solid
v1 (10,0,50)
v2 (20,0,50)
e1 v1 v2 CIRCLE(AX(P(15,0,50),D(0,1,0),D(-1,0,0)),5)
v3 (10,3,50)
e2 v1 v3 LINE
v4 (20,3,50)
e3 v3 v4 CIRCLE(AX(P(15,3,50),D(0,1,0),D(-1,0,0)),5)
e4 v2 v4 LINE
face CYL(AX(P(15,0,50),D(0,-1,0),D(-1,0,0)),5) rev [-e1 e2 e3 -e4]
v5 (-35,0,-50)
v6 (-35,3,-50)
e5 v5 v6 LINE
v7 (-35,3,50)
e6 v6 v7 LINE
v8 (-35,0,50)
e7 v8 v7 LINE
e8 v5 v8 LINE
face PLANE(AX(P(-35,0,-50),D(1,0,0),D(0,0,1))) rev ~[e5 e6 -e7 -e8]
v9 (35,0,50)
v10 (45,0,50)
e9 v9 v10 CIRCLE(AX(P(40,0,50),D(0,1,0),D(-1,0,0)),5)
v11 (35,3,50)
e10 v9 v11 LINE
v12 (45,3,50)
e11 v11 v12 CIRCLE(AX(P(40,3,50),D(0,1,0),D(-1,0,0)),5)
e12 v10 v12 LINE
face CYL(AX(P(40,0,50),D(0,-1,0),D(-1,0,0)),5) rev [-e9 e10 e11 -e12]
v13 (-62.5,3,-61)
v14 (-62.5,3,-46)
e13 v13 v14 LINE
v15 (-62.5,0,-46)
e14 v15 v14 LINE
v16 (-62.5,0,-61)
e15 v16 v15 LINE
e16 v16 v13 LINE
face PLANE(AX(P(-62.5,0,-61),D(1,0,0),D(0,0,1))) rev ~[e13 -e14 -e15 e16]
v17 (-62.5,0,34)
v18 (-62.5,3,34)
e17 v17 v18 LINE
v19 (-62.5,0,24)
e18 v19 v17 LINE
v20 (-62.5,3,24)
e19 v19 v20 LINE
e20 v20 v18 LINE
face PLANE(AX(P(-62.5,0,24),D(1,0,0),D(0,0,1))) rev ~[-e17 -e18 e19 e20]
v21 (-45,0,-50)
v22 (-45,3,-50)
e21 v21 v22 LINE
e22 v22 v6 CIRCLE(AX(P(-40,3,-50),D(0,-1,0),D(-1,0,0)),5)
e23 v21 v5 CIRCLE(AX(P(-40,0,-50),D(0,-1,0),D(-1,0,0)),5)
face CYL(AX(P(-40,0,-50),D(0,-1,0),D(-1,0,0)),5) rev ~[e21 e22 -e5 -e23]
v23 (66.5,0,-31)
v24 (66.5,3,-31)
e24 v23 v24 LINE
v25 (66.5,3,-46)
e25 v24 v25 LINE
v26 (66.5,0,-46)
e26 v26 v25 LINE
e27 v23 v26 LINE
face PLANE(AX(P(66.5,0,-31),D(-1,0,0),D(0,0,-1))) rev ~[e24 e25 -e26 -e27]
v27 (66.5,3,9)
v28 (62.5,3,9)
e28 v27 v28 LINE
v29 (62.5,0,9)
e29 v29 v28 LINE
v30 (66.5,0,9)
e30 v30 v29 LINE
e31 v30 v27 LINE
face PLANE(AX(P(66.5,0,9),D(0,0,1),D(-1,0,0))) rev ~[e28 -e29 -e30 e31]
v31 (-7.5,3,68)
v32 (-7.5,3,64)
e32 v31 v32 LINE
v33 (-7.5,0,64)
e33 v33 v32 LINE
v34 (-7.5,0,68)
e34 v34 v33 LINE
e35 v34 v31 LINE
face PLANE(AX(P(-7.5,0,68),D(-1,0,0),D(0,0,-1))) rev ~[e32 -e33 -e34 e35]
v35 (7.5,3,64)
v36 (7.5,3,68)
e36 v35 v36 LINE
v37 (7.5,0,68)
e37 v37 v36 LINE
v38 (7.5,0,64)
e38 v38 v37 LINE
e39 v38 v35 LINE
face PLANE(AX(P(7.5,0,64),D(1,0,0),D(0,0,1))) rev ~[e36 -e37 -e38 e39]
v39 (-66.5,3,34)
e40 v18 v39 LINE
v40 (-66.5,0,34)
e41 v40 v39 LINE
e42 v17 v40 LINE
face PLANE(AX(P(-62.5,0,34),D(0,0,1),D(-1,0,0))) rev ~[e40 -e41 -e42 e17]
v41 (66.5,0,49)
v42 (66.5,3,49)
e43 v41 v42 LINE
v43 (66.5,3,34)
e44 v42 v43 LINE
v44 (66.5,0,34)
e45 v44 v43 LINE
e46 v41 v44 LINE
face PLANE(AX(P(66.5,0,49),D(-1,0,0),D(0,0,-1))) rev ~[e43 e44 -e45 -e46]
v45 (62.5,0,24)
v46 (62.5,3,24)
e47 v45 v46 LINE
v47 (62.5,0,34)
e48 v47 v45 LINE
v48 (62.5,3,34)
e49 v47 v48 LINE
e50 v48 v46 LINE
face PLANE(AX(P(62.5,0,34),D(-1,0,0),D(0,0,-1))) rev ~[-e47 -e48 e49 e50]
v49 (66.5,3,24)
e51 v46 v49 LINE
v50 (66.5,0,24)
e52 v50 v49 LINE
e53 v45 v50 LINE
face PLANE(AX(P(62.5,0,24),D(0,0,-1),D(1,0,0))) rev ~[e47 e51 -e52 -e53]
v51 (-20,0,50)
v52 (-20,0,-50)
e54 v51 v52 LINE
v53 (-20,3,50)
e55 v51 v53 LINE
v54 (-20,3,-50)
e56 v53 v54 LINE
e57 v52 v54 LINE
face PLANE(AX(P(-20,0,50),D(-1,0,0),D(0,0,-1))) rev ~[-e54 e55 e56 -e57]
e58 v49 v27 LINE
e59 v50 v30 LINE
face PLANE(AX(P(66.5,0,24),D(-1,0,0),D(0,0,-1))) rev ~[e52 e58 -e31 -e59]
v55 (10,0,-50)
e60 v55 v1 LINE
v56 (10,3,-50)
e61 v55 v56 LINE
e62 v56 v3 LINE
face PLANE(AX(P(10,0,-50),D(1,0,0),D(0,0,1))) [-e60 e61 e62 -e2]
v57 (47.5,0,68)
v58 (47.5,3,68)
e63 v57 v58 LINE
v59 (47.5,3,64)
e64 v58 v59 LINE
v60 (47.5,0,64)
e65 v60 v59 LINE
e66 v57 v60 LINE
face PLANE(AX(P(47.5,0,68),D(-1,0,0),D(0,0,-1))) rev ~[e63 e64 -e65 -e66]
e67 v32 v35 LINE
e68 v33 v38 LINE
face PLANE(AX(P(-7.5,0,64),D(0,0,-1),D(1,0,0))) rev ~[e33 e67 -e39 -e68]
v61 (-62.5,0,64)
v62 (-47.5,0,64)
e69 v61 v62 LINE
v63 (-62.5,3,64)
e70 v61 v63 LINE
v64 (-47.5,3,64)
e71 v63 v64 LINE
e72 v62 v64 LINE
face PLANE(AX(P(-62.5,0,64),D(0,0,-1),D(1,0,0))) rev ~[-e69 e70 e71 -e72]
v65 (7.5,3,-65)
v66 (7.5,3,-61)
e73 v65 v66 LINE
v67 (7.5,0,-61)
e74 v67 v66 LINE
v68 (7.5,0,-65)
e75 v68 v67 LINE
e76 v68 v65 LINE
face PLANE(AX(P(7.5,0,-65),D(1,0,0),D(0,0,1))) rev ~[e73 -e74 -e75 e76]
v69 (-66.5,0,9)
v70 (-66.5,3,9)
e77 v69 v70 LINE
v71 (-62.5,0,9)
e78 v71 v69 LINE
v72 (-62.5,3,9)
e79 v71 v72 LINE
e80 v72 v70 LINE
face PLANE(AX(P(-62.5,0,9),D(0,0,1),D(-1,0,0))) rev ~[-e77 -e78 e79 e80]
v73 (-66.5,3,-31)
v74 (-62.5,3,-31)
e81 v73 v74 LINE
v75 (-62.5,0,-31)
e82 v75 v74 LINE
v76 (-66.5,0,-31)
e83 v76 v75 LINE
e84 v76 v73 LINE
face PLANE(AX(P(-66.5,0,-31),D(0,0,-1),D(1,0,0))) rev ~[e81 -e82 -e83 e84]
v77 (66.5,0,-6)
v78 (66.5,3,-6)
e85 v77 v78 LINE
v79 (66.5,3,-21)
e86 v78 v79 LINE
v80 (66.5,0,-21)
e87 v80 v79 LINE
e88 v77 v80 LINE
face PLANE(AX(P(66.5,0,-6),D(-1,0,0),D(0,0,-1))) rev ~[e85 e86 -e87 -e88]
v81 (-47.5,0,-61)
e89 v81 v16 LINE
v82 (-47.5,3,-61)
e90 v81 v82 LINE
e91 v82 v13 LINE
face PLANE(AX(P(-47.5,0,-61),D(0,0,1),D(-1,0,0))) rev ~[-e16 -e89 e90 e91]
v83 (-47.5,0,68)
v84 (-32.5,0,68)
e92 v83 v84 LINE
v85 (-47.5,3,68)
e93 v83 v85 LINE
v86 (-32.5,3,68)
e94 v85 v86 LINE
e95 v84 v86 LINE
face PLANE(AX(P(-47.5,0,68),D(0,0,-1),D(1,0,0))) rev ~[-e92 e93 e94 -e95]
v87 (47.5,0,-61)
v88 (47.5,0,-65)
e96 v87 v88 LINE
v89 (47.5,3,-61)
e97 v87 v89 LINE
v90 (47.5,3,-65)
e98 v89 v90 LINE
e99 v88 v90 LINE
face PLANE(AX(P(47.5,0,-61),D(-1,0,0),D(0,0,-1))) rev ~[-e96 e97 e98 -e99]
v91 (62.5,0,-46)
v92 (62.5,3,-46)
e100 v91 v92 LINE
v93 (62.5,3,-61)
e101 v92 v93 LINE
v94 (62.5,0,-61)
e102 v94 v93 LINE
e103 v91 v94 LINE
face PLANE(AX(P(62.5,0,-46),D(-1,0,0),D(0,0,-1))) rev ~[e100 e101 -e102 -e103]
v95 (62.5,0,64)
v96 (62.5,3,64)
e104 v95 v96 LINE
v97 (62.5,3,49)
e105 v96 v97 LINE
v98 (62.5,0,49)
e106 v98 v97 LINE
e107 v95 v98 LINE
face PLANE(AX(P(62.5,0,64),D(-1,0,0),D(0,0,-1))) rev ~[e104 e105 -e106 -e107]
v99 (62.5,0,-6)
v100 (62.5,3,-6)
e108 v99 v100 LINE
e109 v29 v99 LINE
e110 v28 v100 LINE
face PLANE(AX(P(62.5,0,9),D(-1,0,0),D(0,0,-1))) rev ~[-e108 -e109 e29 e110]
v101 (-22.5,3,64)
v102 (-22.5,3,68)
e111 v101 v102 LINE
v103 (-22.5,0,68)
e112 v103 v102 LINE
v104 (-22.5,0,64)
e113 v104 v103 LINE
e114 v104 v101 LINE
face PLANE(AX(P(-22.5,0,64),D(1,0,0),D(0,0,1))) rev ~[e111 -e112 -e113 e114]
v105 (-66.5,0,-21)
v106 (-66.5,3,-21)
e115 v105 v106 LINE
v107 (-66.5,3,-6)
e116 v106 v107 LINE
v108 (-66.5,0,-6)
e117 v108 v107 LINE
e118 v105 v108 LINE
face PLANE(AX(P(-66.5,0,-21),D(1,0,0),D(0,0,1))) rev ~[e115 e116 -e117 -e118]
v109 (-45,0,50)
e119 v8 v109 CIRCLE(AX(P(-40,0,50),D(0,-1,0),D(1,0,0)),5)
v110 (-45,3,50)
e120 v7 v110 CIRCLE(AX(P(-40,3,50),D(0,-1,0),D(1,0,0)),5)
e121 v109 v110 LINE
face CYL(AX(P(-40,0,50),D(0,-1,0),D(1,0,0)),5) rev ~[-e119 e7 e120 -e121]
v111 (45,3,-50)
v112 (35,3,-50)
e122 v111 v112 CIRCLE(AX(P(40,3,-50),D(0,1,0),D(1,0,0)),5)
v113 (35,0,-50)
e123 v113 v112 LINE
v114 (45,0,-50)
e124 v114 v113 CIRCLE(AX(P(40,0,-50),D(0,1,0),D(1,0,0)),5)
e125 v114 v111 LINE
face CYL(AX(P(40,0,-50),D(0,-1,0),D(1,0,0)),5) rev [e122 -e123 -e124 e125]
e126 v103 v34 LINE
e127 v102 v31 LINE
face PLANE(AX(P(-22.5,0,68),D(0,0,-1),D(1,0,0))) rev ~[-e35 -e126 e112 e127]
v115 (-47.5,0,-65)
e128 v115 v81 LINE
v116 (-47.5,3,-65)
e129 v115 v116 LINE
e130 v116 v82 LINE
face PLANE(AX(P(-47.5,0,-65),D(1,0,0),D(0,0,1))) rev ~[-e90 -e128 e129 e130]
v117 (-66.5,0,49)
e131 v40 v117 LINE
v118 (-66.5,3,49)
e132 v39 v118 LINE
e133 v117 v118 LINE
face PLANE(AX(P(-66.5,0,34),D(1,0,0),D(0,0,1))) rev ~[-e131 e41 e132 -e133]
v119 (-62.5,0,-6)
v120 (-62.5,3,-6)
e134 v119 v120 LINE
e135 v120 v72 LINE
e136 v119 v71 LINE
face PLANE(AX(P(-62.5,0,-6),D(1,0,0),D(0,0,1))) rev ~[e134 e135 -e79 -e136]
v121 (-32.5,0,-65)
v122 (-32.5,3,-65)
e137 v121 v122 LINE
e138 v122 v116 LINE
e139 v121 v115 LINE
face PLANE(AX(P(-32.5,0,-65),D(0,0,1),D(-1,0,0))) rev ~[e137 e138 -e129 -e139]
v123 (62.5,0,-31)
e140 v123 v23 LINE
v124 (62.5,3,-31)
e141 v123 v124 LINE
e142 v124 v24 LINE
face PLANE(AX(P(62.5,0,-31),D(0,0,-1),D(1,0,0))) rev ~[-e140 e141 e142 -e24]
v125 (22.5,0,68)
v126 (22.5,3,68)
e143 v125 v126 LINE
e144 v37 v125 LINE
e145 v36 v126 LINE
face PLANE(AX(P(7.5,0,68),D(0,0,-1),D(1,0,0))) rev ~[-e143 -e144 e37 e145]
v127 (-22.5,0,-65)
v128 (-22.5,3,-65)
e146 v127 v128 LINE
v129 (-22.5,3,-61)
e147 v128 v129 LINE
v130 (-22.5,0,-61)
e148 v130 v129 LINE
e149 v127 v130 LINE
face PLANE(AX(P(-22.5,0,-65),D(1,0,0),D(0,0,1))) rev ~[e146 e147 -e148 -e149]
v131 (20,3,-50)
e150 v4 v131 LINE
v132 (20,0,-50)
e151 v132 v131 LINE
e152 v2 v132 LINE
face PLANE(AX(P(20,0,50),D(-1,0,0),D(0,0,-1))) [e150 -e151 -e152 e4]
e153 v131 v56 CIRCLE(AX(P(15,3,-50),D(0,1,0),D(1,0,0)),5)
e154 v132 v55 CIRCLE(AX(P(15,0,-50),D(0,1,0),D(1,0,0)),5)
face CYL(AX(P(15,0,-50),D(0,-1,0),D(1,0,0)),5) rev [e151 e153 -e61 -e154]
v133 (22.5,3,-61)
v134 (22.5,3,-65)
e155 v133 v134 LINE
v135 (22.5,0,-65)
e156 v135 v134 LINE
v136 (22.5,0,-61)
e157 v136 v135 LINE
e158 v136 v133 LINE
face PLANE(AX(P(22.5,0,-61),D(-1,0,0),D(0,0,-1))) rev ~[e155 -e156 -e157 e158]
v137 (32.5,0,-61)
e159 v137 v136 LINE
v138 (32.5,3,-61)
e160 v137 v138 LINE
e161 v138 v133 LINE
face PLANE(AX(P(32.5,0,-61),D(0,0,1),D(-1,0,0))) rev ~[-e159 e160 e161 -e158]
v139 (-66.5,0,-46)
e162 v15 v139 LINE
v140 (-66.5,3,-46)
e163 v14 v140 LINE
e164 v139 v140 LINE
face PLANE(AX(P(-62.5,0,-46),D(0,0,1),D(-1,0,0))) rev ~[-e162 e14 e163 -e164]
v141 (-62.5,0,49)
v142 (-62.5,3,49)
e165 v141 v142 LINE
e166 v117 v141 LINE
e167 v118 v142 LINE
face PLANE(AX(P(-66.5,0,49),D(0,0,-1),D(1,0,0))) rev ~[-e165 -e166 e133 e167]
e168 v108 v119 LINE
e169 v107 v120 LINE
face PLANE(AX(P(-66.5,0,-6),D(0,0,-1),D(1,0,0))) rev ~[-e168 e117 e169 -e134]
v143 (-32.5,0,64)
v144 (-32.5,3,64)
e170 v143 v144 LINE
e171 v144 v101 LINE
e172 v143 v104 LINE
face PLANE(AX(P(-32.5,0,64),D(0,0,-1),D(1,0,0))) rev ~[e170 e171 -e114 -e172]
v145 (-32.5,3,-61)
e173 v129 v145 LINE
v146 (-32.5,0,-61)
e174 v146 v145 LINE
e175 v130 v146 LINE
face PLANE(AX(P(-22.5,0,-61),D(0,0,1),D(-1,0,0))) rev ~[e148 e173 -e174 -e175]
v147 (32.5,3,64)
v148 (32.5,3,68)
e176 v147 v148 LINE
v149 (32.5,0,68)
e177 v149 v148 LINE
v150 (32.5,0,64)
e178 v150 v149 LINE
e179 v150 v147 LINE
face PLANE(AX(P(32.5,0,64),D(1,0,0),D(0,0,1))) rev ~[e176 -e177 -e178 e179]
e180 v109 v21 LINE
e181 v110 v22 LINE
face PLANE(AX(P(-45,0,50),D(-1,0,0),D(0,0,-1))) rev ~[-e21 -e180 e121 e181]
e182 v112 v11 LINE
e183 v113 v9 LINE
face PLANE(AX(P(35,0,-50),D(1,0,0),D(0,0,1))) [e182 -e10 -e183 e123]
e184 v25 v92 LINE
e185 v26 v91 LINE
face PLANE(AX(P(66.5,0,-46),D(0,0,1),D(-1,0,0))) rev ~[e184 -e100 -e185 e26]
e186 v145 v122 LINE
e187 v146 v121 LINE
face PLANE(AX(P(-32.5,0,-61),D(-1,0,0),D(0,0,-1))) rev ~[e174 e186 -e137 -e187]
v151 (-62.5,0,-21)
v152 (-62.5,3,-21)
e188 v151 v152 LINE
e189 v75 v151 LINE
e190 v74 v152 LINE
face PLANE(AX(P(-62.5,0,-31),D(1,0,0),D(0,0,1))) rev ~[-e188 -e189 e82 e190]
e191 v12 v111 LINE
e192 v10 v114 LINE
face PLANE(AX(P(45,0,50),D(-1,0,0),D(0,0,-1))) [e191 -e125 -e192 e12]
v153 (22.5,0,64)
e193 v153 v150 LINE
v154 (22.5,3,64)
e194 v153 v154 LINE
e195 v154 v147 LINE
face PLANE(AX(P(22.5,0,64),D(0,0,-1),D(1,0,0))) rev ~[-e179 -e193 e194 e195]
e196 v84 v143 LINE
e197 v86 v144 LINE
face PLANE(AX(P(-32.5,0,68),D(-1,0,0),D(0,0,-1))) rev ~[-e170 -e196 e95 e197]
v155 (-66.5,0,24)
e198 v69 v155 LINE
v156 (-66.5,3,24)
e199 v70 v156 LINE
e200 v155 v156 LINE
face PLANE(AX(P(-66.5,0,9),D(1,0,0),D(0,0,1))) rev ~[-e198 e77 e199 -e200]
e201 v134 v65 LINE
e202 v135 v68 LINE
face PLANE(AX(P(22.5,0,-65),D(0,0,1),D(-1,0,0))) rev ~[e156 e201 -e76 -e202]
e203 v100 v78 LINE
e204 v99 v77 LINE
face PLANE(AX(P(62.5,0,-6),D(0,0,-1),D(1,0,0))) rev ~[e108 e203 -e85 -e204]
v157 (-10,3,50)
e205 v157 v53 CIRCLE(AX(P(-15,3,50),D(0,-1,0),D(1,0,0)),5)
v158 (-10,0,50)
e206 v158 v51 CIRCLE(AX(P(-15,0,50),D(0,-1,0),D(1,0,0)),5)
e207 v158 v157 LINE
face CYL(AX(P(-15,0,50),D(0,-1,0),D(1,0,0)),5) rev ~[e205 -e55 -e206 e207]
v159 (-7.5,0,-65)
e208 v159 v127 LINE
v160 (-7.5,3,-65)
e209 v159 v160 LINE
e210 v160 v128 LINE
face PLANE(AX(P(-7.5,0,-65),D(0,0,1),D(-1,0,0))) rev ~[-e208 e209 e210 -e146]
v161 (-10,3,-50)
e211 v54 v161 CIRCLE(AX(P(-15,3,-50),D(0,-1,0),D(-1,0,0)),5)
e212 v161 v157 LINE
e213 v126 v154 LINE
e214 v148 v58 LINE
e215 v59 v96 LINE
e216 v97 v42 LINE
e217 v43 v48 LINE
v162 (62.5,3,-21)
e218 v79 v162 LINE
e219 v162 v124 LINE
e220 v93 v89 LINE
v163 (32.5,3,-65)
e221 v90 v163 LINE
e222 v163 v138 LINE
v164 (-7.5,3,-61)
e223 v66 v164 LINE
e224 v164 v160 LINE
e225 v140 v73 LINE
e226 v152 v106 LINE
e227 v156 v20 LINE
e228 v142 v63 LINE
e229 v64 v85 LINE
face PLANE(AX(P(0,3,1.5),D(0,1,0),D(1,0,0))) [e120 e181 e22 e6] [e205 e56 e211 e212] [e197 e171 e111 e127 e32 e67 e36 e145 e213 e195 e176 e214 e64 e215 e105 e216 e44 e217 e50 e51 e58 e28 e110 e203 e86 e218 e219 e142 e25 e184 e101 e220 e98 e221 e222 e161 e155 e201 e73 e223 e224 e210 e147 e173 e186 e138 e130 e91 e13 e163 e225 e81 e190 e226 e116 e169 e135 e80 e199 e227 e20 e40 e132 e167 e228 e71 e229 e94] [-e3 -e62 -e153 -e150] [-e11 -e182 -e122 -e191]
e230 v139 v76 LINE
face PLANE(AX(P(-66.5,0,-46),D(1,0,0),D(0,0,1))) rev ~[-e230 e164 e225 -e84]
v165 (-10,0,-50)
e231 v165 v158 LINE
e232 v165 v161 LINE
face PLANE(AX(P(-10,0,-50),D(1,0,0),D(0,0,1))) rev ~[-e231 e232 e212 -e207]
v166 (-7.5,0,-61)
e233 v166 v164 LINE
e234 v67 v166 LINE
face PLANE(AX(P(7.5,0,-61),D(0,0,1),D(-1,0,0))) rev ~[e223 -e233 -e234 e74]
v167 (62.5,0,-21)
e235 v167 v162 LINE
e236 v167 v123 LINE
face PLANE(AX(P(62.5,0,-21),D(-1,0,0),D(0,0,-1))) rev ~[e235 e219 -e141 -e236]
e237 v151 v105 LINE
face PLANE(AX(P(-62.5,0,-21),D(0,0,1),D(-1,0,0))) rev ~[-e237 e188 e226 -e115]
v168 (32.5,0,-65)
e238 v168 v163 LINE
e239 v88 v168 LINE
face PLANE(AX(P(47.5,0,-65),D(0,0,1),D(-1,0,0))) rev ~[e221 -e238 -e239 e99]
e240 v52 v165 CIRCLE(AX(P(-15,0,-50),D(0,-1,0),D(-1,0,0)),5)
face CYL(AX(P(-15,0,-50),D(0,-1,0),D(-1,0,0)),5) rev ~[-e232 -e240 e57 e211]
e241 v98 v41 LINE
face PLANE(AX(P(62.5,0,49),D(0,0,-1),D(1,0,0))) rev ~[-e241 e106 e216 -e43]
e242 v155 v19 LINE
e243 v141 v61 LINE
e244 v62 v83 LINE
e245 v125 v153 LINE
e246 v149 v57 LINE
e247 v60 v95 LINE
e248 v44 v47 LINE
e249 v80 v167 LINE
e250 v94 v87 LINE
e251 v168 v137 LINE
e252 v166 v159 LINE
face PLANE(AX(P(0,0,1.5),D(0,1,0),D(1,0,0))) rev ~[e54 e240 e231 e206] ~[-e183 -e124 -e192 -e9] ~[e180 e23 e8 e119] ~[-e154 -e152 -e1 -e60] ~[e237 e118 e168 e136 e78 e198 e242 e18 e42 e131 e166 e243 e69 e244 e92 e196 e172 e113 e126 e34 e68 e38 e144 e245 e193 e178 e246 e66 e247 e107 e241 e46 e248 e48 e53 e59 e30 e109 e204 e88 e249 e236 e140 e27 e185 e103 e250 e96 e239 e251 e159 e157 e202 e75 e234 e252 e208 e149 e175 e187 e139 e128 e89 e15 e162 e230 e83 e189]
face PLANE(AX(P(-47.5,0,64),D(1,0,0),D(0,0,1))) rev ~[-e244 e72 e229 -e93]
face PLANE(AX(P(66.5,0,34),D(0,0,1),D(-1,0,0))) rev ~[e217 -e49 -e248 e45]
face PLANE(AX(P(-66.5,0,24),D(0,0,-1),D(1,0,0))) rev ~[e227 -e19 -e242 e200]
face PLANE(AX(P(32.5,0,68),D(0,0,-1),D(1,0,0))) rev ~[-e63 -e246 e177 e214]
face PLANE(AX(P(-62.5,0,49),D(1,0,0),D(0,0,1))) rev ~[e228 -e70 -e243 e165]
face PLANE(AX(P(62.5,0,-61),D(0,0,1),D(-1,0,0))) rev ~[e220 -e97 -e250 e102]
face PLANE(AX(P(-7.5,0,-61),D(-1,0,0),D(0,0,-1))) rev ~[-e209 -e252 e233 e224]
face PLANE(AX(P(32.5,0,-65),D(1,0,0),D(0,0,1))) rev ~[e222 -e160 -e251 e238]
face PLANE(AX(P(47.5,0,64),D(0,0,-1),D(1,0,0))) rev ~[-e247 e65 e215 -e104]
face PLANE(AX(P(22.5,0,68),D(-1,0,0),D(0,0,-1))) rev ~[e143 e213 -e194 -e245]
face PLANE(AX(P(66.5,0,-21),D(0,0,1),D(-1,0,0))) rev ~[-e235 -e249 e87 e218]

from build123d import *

# Parameters (mm, degrees)
BOSS_EXTRUDE1_DEPTH = 3


with BuildPart() as part:
    # Sketch1 → Boss-Extrude1 (new body)
    with BuildSketch(Plane(origin=(0, 0, 0), x_dir=(1, 0, 0), z_dir=(0, 1, 0))):
        Polygon((-66.5, 46), (-66.5, 31), (-62.5, 31), (-62.5, 21), (-66.5, 21), (-66.5, 6), (-62.5, 6), (-62.5, -9), (-66.5, -9), (-66.5, -24), (-62.5, -24), (-62.5, -34), (-66.5, -34), (-66.5, -49), (-62.5, -49), (-62.5, -59), (-62.5, -64), (-57.5, -64), (-47.5, -64), (-47.5, -68), (-32.5, -68), (-32.5, -64), (-22.5, -64), (-22.5, -68), (-7.5, -68), (-7.5, -64), (7.5, -64), (7.5, -68), (22.5, -68), (22.5, -64), (32.5, -64), (32.5, -68), (47.5, -68), (47.5, -64), (57.5, -64), (62.5, -64), (62.5, -59), (62.5, -49), (66.5, -49), (66.5, -34), (62.5, -34), (62.5, -24), (66.5, -24), (66.5, -9), (62.5, -9), (62.5, 6), (66.5, 6), (66.5, 21), (62.5, 21), (62.5, 31), (66.5, 31), (66.5, 46), (62.5, 46), (62.5, 56), (62.5, 61), (57.5, 61), (47.5, 61), (47.5, 65), (32.5, 65), (32.5, 61), (22.5, 61), (22.5, 65), (7.5, 65), (7.5, 61), (-7.5, 61), (-7.5, 65), (-22.5, 65), (-22.5, 61), (-32.5, 61), (-32.5, 65), (-47.5, 65), (-47.5, 61), (-57.5, 61), (-62.5, 61), (-62.5, 56), (-62.5, 46), align=None)
        with BuildLine():
            Line((-35, 50), (-35, -50))
            ThreePointArc((-35, -50), (-40, -55), (-45, -50))
            Line((-45, -50), (-45, 50))
            ThreePointArc((-45, 50), (-40, 55), (-35, 50))
        make_face(mode=Mode.SUBTRACT)
        with BuildLine():
            Line((-10, 50), (-10, -50))
            ThreePointArc((-10, -50), (-15, -55), (-20, -50))
            Line((-20, -50), (-20, 50))
            ThreePointArc((-20, 50), (-15, 55), (-10, 50))
        make_face(mode=Mode.SUBTRACT)
        with BuildLine():
            Line((10, 50), (10, -50))
            ThreePointArc((10, -50), (15, -55), (20, -50))
            Line((20, -50), (20, 50))
            ThreePointArc((20, 50), (15, 55), (10, 50))
        make_face(mode=Mode.SUBTRACT)
        with BuildLine():
            Line((35, 50), (35, -50))
            ThreePointArc((35, -50), (40, -55), (45, -50))
            Line((45, -50), (45, 50))
            ThreePointArc((45, 50), (40, 55), (35, 50))
        make_face(mode=Mode.SUBTRACT)
    extrude(amount=BOSS_EXTRUDE1_DEPTH)


solid = part.part
